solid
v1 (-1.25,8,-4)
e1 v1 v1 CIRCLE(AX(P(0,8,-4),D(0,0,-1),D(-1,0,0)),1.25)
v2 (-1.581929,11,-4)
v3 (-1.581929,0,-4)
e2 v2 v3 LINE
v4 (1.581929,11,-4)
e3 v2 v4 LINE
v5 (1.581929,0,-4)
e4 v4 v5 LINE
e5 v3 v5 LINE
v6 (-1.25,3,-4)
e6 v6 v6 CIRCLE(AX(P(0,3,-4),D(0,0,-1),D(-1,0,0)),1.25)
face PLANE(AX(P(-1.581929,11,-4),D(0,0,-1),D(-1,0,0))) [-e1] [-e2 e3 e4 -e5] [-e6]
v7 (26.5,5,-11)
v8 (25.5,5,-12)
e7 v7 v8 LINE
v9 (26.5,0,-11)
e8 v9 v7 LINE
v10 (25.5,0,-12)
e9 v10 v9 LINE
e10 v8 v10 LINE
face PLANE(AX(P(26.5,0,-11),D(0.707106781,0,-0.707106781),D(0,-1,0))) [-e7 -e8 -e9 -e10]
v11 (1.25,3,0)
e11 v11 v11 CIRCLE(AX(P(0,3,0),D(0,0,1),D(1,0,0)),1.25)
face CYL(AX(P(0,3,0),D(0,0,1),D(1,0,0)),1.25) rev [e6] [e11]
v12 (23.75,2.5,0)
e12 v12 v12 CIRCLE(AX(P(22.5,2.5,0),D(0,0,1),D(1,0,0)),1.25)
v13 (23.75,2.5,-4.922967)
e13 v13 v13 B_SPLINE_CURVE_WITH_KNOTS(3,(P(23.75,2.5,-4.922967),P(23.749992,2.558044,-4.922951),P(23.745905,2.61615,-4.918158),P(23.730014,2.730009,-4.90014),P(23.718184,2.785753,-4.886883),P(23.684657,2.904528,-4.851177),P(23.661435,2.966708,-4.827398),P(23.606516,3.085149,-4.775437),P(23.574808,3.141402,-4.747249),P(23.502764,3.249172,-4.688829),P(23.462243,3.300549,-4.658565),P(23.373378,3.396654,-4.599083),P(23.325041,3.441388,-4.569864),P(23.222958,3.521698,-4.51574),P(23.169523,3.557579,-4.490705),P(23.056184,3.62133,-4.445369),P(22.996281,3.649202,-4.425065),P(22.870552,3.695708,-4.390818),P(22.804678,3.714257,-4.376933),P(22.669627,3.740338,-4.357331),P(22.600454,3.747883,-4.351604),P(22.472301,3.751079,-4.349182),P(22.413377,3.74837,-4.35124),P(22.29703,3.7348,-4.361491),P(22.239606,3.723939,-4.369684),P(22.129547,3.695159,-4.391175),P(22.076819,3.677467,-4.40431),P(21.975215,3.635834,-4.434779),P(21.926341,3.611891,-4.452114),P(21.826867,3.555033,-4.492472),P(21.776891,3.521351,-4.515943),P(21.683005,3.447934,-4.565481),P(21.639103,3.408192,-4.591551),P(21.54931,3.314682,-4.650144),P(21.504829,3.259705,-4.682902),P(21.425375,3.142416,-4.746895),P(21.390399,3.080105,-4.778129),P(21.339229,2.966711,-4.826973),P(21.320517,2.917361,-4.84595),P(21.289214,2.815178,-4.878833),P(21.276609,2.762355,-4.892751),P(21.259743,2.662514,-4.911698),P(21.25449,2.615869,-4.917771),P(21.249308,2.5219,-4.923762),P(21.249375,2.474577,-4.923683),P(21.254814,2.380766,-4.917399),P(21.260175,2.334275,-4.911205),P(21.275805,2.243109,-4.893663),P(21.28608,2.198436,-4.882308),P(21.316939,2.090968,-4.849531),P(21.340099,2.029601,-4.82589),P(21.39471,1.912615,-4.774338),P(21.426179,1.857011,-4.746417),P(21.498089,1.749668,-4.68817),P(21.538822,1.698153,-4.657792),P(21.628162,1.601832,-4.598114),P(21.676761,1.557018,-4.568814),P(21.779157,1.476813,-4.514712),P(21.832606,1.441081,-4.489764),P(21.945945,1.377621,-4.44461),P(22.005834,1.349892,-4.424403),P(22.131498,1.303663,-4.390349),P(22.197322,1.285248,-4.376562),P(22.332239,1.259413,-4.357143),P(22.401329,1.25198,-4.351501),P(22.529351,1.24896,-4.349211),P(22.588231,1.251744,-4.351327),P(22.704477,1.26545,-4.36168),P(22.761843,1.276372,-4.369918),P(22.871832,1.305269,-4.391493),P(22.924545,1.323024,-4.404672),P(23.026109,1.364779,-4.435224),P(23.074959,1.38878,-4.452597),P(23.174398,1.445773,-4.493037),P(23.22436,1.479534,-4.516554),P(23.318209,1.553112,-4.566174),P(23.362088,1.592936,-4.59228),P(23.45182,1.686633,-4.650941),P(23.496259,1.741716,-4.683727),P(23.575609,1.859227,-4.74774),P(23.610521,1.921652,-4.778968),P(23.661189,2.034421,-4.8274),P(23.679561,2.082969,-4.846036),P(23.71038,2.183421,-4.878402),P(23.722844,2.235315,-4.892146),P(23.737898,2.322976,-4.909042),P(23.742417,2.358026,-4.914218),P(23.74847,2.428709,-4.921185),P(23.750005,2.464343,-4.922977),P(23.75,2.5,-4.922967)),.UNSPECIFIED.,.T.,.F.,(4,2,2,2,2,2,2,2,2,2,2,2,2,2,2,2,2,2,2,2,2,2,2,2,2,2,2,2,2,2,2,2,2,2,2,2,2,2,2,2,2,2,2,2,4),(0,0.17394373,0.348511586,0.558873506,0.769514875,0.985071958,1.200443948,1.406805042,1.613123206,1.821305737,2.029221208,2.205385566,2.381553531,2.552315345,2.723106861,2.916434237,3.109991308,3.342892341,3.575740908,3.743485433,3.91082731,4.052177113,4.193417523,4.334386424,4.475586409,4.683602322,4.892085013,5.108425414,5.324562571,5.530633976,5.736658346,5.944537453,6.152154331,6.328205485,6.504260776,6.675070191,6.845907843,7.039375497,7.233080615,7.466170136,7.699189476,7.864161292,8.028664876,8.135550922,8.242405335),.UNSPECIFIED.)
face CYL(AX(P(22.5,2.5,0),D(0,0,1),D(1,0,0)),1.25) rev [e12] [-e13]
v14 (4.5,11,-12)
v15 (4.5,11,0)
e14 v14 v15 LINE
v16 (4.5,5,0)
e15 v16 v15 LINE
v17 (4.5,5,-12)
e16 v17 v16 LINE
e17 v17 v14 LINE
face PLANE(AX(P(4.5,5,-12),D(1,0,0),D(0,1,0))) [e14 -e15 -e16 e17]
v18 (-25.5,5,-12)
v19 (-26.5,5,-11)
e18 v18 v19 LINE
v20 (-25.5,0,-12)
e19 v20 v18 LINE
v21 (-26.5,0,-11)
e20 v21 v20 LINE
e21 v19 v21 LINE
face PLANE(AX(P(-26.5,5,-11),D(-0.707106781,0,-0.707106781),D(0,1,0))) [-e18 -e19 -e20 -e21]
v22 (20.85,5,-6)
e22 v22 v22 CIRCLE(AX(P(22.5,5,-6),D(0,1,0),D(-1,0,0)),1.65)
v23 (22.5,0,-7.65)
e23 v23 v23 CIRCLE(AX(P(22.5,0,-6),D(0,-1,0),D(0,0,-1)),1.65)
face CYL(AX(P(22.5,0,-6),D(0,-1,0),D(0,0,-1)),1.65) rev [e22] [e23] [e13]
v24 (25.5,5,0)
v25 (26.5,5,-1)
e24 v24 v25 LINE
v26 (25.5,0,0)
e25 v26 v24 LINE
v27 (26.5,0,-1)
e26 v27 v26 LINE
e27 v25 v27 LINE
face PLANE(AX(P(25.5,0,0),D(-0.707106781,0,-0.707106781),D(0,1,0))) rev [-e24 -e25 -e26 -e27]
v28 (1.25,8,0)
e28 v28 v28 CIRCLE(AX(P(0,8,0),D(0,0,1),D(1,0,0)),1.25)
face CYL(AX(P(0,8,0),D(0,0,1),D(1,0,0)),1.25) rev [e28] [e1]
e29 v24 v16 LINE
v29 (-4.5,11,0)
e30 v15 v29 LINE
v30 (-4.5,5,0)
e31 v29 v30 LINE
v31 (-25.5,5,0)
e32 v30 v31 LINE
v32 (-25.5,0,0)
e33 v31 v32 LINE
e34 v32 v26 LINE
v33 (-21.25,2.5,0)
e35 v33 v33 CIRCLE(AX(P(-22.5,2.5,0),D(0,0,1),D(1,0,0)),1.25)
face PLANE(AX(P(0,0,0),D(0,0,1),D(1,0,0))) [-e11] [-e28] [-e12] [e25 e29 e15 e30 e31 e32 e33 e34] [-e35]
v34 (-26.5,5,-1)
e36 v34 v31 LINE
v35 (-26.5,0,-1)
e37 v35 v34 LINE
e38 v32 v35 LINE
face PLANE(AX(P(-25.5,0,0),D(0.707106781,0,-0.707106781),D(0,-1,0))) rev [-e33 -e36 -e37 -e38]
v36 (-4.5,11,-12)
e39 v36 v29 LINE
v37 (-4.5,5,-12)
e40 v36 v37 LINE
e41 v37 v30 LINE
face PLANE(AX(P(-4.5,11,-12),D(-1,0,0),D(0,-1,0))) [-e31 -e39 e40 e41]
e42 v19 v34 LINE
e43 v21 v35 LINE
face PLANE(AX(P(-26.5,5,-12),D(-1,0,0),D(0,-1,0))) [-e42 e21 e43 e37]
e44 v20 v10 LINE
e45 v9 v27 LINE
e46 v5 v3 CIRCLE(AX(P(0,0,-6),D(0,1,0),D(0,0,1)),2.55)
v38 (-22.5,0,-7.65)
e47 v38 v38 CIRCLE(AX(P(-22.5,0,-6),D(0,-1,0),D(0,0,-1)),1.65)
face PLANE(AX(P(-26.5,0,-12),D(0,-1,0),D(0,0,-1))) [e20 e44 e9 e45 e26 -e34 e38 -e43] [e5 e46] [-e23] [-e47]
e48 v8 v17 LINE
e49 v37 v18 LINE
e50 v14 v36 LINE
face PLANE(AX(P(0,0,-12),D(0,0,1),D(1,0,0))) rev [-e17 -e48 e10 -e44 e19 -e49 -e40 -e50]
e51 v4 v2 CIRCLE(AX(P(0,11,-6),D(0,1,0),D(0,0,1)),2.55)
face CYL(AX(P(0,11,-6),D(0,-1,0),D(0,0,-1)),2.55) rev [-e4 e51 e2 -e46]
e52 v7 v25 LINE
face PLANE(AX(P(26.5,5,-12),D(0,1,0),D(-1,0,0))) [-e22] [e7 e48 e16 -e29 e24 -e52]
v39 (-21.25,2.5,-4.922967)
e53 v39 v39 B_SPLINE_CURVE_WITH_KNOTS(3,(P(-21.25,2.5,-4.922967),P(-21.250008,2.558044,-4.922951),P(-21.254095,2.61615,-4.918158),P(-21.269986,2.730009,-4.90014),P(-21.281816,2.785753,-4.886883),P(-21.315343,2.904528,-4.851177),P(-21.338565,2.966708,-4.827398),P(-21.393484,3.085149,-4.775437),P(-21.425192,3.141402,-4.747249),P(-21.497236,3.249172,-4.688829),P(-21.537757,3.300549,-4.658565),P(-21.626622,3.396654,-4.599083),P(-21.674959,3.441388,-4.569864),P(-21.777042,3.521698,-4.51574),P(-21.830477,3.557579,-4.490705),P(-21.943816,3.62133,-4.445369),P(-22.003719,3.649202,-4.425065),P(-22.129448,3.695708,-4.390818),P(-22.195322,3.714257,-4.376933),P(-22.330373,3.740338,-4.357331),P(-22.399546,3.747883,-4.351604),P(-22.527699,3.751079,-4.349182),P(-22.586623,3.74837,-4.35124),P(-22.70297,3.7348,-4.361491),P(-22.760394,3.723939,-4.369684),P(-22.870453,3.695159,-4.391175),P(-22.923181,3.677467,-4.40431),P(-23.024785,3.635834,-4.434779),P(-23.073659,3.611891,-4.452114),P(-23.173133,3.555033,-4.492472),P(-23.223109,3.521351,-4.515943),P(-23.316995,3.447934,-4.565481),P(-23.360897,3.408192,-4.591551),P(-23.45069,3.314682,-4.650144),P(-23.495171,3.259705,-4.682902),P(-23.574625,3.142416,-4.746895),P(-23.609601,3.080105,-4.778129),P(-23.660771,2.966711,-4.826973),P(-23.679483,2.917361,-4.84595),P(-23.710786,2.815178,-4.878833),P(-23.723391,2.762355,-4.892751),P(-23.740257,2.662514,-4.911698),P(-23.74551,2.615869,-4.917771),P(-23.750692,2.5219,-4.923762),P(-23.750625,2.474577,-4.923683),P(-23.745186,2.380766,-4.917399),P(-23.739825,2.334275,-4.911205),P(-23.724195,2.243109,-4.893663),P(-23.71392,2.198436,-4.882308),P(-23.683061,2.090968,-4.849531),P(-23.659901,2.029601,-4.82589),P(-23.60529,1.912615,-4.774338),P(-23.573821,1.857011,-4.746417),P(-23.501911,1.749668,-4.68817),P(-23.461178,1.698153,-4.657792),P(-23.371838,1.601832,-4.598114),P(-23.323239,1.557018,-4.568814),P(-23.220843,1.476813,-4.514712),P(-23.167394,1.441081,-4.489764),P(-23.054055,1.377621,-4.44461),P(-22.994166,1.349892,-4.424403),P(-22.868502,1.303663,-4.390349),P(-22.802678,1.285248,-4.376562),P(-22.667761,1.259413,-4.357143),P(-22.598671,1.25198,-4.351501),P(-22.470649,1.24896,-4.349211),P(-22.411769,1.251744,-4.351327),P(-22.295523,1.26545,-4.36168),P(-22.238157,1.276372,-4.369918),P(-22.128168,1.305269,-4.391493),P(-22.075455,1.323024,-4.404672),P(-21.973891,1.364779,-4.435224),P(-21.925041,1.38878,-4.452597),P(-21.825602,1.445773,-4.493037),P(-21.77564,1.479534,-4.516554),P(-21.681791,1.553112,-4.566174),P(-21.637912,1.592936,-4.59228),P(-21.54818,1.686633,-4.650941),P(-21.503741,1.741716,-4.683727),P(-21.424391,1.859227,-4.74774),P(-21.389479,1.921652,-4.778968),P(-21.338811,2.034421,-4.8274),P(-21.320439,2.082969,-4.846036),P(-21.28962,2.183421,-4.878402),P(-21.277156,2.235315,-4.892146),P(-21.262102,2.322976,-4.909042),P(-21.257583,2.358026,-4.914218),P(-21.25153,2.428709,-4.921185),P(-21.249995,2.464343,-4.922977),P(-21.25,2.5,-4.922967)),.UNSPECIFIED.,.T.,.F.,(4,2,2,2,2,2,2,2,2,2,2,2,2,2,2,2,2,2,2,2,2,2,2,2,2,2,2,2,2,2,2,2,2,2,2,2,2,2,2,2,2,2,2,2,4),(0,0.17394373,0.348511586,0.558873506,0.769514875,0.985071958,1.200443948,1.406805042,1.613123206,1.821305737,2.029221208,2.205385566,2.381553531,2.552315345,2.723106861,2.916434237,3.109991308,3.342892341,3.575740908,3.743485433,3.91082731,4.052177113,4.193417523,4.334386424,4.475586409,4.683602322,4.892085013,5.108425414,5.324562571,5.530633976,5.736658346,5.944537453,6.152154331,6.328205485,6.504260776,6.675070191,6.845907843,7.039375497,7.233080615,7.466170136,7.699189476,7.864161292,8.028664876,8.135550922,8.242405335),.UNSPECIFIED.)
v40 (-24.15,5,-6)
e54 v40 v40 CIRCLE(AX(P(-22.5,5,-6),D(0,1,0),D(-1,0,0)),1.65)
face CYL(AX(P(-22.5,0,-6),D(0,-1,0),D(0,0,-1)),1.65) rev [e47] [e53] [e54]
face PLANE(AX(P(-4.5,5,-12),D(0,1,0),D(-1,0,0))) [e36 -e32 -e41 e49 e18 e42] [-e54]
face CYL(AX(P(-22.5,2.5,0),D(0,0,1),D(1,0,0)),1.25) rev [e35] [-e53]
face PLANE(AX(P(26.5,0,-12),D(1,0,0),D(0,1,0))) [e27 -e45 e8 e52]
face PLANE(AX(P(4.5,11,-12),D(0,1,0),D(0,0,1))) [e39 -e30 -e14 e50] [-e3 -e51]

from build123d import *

# Parameters (mm, degrees)
BODY_EXTRUDE_DEPTH         = 12
M4X0_7_TAPPED_HOLE6_D      = 3.3
CUT_EXTRUDE1_DEPTH         = 32.10064308
M3X0_5_TAPPED_HOLE1_REACH  = 33.101
M3X0_5_TAPPED_HOLE1_BORE_R = 1.25
CHAMFER1_SIZE              = 1


with BuildPart() as part:
    # Body Sketch → Body Extrude (new body)
    with BuildSketch(Plane.XY):
        Polygon((-26.5, 0), (26.5, 0), (26.5, 5), (4.5, 5), (4.5, 11), (-4.5, 11), (-4.5, 5), (-26.5, 5), align=None)
    extrude(amount=-BODY_EXTRUDE_DEPTH)

    # M4x0.7 Tapped Hole6 (through all)
    with Locations(Plane.XZ):
        with Locations((-22.5, -6), (22.5, -6)):
            Hole(M4X0_7_TAPPED_HOLE6_D / 2)

    # Sketch2 → Cut-Extrude1 (cut, through all)
    with BuildSketch(Plane(origin=(0, 0, 0), x_dir=(1, 0, 0), z_dir=(0, 1, 0))):
        with BuildLine():
            Line((-1.581929202, 4), (1.581929202, 4))
            ThreePointArc((1.581929202, 4), (0, 8.55), (-1.581929202, 4))
        make_face()
    extrude(amount=CUT_EXTRUDE1_DEPTH, mode=Mode.SUBTRACT)

    # M3x0.5 Tapped Hole1 bore → M3x0.5 Tapped Hole1 (cut, up to next)
    with BuildSketch(Plane.XY, mode=Mode.PRIVATE) as m3x0_5_tapped_hole1_sk1:
        with Locations((-22.5, 2.5)):
            Circle(M3X0_5_TAPPED_HOLE1_BORE_R)
    m3x0_5_tapped_hole1_tool1 = extrude(m3x0_5_tapped_hole1_sk1.sketch, amount=-M3X0_5_TAPPED_HOLE1_REACH, mode=Mode.PRIVATE) & part.part
    # M3x0.5 Tapped Hole1 bore → M3x0.5 Tapped Hole1 (cut, up to next)
    with BuildSketch(Plane.XY, mode=Mode.PRIVATE) as m3x0_5_tapped_hole1_sk2:
        with Locations((22.5, 2.5)):
            Circle(M3X0_5_TAPPED_HOLE1_BORE_R)
    m3x0_5_tapped_hole1_tool2 = extrude(m3x0_5_tapped_hole1_sk2.sketch, amount=-M3X0_5_TAPPED_HOLE1_REACH, mode=Mode.PRIVATE) & part.part
    # M3x0.5 Tapped Hole1 bore → M3x0.5 Tapped Hole1 (cut, up to next)
    with BuildSketch(Plane.XY, mode=Mode.PRIVATE) as m3x0_5_tapped_hole1_sk3:
        with Locations((0, 8)):
            Circle(M3X0_5_TAPPED_HOLE1_BORE_R)
    m3x0_5_tapped_hole1_tool3 = extrude(m3x0_5_tapped_hole1_sk3.sketch, amount=-M3X0_5_TAPPED_HOLE1_REACH, mode=Mode.PRIVATE) & part.part
    # M3x0.5 Tapped Hole1 bore → M3x0.5 Tapped Hole1 (cut, up to next)
    with BuildSketch(Plane.XY, mode=Mode.PRIVATE) as m3x0_5_tapped_hole1_sk4:
        with Locations((0, 3)):
            Circle(M3X0_5_TAPPED_HOLE1_BORE_R)
    m3x0_5_tapped_hole1_tool4 = extrude(m3x0_5_tapped_hole1_sk4.sketch, amount=-M3X0_5_TAPPED_HOLE1_REACH, mode=Mode.PRIVATE) & part.part
    add(m3x0_5_tapped_hole1_tool1.solids().sort_by_distance((-22.5, 2.5, 0))[0], mode=Mode.SUBTRACT)
    add(m3x0_5_tapped_hole1_tool2.solids().sort_by_distance((22.5, 2.5, 0))[0], mode=Mode.SUBTRACT)
    add(m3x0_5_tapped_hole1_tool3.solids().sort_by_distance((0, 8, 0))[0], mode=Mode.SUBTRACT)
    add(m3x0_5_tapped_hole1_tool4.solids().sort_by_distance((0, 3, 0))[0], mode=Mode.SUBTRACT)

    # Chamfer1
    chamfer1_edges = [part.edges().sort_by_distance(p)[0] for p in [
        (26.5, 2.5, 0),
        (-26.5, 2.5, 0),
        (26.5, 2.5, -12),
        (-26.5, 2.5, -12),
    ]]
    chamfer(chamfer1_edges, length=CHAMFER1_SIZE)


solid = part.part
